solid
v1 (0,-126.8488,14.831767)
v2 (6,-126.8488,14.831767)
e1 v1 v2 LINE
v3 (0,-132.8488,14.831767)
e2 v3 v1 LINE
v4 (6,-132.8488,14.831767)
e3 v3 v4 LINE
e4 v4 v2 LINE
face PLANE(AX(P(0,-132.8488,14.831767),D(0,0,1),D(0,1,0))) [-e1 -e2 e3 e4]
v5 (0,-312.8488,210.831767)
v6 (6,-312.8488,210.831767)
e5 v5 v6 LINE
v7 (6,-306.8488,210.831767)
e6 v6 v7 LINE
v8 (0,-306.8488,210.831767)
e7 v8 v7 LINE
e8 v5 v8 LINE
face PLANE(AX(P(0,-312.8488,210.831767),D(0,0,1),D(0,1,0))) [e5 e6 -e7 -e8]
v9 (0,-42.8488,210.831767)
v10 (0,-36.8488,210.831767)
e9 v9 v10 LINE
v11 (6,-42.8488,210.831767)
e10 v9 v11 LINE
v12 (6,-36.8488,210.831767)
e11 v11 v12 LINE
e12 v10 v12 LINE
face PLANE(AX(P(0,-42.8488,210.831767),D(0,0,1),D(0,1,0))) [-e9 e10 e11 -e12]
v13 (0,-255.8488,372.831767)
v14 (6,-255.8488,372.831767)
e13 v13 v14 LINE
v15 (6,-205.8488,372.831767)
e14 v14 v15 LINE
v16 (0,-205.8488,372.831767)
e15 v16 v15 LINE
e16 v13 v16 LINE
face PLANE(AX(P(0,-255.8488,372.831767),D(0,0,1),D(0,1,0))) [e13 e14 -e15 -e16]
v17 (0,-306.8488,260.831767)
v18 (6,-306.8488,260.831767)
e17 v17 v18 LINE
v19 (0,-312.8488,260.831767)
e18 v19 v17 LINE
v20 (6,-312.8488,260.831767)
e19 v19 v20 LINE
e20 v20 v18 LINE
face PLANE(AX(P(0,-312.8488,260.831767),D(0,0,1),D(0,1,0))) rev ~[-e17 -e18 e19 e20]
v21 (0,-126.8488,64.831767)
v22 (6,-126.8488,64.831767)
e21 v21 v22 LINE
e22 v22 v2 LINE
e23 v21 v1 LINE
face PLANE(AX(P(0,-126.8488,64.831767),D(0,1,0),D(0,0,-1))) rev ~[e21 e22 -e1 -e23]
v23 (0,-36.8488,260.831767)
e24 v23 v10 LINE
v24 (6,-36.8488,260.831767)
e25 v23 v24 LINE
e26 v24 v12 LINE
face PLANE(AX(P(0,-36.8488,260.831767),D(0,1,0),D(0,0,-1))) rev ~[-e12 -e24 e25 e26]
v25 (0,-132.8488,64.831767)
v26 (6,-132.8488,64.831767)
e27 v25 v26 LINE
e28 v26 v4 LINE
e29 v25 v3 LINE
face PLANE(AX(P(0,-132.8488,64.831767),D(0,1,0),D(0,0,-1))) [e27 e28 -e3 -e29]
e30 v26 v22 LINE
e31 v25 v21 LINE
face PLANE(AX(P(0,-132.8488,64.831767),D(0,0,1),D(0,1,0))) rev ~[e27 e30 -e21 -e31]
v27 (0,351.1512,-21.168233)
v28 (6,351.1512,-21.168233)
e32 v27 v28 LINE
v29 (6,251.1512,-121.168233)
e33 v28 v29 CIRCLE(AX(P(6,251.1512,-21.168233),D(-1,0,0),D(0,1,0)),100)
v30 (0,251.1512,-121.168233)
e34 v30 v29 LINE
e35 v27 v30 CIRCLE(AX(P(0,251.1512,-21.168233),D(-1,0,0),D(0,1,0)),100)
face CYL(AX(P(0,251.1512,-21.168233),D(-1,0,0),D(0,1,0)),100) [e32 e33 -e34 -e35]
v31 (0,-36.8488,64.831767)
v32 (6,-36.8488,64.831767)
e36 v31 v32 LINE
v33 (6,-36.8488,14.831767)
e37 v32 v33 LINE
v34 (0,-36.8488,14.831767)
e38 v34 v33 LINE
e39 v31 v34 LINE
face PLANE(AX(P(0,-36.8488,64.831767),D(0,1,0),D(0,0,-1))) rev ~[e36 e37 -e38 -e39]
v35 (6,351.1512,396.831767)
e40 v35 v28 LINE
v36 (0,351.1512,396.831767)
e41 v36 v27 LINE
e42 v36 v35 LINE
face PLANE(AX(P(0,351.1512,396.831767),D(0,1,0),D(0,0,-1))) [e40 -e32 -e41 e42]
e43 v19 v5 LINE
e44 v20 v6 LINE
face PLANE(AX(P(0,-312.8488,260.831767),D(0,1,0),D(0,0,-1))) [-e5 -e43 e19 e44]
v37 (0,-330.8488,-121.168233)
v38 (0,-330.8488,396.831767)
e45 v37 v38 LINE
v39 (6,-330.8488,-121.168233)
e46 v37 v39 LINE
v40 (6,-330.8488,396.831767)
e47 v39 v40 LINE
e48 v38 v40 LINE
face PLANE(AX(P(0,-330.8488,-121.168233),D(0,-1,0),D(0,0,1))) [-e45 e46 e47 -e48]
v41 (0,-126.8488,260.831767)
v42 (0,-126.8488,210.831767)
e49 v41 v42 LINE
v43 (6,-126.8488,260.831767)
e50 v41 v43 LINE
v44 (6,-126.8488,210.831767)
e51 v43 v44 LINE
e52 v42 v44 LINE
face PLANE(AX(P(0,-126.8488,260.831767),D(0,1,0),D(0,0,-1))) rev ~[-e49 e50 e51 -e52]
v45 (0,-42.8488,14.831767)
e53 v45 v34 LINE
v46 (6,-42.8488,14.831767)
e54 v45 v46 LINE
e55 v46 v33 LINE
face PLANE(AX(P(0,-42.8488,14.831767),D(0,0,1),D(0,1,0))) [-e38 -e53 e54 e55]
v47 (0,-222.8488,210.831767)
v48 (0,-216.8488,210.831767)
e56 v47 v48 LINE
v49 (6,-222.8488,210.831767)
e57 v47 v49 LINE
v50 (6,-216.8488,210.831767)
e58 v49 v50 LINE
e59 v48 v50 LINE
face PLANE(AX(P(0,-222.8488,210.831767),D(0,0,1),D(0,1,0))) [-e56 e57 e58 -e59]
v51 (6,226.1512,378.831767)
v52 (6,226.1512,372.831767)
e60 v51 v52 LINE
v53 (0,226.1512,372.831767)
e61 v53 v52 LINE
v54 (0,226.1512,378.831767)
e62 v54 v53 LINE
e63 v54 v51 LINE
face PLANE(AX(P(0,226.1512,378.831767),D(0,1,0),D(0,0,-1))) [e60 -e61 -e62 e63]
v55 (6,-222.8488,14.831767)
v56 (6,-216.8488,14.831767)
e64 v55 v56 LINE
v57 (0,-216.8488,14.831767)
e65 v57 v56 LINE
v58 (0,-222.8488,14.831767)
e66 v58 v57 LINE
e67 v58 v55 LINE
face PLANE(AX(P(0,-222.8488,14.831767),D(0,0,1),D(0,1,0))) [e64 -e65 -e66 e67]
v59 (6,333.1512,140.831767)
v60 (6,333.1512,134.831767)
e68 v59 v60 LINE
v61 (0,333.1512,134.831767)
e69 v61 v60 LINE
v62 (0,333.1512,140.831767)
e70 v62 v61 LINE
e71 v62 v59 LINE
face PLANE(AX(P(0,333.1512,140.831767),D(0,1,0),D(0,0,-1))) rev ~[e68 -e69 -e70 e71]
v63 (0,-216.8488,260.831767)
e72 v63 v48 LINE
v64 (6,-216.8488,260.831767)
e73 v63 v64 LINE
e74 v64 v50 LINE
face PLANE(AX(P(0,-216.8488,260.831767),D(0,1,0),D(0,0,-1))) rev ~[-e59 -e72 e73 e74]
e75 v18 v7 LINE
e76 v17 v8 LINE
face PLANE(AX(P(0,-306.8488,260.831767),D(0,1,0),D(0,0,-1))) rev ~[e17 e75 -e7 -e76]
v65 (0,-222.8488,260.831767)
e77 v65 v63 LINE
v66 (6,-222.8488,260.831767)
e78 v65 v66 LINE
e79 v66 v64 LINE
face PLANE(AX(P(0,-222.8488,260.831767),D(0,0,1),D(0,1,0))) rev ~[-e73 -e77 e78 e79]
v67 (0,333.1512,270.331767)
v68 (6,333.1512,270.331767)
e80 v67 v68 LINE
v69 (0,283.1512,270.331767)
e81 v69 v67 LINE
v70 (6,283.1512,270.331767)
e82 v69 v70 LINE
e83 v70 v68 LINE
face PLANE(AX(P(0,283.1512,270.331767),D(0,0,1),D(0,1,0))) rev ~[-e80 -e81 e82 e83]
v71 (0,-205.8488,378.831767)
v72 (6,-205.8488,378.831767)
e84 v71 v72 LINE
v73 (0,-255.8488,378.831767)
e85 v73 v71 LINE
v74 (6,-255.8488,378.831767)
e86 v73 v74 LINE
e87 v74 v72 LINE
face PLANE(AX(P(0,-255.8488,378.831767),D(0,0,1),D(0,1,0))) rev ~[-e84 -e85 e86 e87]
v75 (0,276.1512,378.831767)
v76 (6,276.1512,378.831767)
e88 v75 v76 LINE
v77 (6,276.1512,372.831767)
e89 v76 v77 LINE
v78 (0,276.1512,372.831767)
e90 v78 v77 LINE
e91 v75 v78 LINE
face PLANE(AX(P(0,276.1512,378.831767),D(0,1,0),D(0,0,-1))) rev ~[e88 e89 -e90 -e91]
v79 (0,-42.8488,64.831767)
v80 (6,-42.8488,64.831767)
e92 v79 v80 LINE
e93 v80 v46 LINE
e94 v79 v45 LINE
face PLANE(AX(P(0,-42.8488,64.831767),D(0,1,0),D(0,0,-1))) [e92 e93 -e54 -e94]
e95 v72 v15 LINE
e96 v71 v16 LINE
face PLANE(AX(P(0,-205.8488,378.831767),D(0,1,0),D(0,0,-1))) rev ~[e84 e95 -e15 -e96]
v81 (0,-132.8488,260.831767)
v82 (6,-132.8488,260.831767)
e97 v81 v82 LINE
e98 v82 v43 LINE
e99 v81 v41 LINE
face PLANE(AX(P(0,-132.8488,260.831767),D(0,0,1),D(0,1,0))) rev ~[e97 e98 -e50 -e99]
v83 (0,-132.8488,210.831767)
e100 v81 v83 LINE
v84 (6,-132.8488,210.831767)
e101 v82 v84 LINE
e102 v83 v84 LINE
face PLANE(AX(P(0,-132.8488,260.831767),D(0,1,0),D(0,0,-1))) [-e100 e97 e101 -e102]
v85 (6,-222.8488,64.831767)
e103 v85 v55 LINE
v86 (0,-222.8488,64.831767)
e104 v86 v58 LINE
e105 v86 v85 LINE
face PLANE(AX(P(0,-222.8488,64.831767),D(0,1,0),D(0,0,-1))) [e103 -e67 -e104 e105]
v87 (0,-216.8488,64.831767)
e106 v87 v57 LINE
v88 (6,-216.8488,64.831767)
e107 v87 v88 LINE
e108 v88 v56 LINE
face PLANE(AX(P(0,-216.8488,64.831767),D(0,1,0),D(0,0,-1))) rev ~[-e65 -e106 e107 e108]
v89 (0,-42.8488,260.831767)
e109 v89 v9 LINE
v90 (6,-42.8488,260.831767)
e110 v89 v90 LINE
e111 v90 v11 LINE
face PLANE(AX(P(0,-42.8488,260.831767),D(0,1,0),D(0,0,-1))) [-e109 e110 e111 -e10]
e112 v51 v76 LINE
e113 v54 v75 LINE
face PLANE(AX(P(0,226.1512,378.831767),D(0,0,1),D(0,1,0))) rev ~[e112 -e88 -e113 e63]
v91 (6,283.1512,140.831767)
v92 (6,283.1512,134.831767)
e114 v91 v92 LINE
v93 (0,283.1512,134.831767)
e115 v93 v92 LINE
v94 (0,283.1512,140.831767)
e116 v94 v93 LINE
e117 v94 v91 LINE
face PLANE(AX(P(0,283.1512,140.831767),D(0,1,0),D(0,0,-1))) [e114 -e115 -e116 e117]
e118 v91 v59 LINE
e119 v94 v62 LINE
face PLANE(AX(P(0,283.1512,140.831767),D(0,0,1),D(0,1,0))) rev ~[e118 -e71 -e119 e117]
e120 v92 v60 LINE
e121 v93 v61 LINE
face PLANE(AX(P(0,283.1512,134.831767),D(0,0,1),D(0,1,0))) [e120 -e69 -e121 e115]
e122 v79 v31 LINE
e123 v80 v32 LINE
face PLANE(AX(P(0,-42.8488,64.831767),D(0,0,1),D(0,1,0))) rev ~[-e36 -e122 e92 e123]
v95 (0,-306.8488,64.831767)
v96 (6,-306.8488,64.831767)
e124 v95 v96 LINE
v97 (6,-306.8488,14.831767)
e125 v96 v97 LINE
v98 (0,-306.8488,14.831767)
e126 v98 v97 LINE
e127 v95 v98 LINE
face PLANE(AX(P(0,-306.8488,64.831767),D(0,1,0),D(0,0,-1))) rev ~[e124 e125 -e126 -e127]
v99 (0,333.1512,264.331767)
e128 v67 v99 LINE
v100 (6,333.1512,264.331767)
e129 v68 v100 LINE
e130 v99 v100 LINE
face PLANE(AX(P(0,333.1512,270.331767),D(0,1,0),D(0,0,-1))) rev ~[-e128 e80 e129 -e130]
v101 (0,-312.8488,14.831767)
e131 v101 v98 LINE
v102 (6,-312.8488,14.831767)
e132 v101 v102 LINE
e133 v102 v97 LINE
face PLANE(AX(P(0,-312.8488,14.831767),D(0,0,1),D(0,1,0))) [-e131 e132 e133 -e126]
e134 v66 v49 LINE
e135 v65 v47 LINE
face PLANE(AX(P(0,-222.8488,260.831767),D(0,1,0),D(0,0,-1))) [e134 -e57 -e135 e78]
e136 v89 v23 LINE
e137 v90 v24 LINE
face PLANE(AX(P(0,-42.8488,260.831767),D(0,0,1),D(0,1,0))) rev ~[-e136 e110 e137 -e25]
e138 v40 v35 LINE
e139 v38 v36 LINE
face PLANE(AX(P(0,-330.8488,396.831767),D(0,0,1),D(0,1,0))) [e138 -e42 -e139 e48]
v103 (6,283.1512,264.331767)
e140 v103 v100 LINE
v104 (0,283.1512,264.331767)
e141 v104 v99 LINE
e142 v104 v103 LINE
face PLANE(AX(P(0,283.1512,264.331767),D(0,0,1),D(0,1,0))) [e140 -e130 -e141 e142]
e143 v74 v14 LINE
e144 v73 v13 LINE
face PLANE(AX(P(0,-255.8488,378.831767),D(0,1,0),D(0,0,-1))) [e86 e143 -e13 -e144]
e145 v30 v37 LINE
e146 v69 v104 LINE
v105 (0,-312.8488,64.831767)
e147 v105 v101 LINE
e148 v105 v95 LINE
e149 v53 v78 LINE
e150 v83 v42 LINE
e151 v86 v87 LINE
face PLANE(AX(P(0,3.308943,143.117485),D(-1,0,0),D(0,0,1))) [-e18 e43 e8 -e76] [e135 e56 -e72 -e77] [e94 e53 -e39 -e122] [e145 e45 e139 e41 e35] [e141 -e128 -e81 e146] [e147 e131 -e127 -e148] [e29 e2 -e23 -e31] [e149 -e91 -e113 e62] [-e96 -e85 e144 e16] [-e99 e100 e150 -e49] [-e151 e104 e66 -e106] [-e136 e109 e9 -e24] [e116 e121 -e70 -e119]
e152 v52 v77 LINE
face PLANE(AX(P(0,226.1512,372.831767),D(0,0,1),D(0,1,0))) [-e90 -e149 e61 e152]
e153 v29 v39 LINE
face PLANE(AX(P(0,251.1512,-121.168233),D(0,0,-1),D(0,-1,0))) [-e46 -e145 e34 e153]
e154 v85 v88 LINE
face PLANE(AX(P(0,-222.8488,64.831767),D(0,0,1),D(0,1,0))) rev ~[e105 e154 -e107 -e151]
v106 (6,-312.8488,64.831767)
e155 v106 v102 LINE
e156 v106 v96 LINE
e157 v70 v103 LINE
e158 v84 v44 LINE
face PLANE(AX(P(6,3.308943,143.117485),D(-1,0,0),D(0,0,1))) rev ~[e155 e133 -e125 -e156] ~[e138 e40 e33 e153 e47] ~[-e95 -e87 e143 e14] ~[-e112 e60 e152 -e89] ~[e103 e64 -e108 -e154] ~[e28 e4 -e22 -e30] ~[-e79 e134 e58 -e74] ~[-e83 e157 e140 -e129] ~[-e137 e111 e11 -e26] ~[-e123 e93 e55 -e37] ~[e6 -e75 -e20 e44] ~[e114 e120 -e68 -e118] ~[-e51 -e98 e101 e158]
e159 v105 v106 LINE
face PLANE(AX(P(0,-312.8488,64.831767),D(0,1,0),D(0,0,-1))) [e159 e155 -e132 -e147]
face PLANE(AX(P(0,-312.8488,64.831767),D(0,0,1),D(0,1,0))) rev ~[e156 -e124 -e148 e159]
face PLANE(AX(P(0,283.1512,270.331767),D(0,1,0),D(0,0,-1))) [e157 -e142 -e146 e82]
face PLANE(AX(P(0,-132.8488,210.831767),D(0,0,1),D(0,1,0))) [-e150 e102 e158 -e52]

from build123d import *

# Parameters (mm, degrees)
SKETCH1_W           = 6
SKETCH1_H           = 50
SKETCH1_W_2         = 50
SKETCH1_H_2         = 6
BOSS_EXTRUDE1_DEPTH = 6


with BuildPart() as part:
    # Sketch1 → Boss-Extrude1 (new body)
    with BuildSketch(Plane(origin=(0, 0, 0), x_dir=(0, 0, -1), z_dir=(1, 0, 0))):
        with BuildLine():
            Line((-396.831767264, 351.151199882), (21.168232736, 351.151199882))
            ThreePointArc((21.168232736, 351.151199882), (91.878910855, 321.861878001), (121.168232736, 251.151199882))
            Line((121.168232736, 251.151199882), (121.168232736, -330.848800118))
            Line((121.168232736, -330.848800118), (-396.831767264, -330.848800118))
            Line((-396.831767264, -330.848800118), (-396.831767264, 351.151199882))
        make_face()
        with Locations((-375.831767264, 251.151199882)):
            Rectangle(SKETCH1_W, SKETCH1_H, mode=Mode.SUBTRACT)
        with Locations((-375.831767264, -230.848800118)):
            Rectangle(SKETCH1_W, SKETCH1_H, mode=Mode.SUBTRACT)
        with Locations((-235.831767264, -309.848800118)):
            Rectangle(SKETCH1_W_2, SKETCH1_H_2, mode=Mode.SUBTRACT)
        with Locations((-39.831767264, -309.848800118)):
            Rectangle(SKETCH1_W_2, SKETCH1_H_2, mode=Mode.SUBTRACT)
        with Locations((-235.831767264, -219.848800118)):
            Rectangle(SKETCH1_W_2, SKETCH1_H_2, mode=Mode.SUBTRACT)
        with Locations((-39.831767264, -219.848800118)):
            Rectangle(SKETCH1_W_2, SKETCH1_H_2, mode=Mode.SUBTRACT)
        with Locations((-235.831767264, -129.848800118)):
            Rectangle(SKETCH1_W_2, SKETCH1_H_2, mode=Mode.SUBTRACT)
        with Locations((-39.831767264, -129.848800118)):
            Rectangle(SKETCH1_W_2, SKETCH1_H_2, mode=Mode.SUBTRACT)
        with Locations((-235.831767264, -39.848800118)):
            Rectangle(SKETCH1_W_2, SKETCH1_H_2, mode=Mode.SUBTRACT)
        with Locations((-39.831767264, -39.848800118)):
            Rectangle(SKETCH1_W_2, SKETCH1_H_2, mode=Mode.SUBTRACT)
        with Locations((-267.331767264, 308.151199882)):
            Rectangle(SKETCH1_W, SKETCH1_H, mode=Mode.SUBTRACT)
        with Locations((-137.831767264, 308.151199882)):
            Rectangle(SKETCH1_W, SKETCH1_H, mode=Mode.SUBTRACT)
    extrude(amount=BOSS_EXTRUDE1_DEPTH)


solid = part.part
